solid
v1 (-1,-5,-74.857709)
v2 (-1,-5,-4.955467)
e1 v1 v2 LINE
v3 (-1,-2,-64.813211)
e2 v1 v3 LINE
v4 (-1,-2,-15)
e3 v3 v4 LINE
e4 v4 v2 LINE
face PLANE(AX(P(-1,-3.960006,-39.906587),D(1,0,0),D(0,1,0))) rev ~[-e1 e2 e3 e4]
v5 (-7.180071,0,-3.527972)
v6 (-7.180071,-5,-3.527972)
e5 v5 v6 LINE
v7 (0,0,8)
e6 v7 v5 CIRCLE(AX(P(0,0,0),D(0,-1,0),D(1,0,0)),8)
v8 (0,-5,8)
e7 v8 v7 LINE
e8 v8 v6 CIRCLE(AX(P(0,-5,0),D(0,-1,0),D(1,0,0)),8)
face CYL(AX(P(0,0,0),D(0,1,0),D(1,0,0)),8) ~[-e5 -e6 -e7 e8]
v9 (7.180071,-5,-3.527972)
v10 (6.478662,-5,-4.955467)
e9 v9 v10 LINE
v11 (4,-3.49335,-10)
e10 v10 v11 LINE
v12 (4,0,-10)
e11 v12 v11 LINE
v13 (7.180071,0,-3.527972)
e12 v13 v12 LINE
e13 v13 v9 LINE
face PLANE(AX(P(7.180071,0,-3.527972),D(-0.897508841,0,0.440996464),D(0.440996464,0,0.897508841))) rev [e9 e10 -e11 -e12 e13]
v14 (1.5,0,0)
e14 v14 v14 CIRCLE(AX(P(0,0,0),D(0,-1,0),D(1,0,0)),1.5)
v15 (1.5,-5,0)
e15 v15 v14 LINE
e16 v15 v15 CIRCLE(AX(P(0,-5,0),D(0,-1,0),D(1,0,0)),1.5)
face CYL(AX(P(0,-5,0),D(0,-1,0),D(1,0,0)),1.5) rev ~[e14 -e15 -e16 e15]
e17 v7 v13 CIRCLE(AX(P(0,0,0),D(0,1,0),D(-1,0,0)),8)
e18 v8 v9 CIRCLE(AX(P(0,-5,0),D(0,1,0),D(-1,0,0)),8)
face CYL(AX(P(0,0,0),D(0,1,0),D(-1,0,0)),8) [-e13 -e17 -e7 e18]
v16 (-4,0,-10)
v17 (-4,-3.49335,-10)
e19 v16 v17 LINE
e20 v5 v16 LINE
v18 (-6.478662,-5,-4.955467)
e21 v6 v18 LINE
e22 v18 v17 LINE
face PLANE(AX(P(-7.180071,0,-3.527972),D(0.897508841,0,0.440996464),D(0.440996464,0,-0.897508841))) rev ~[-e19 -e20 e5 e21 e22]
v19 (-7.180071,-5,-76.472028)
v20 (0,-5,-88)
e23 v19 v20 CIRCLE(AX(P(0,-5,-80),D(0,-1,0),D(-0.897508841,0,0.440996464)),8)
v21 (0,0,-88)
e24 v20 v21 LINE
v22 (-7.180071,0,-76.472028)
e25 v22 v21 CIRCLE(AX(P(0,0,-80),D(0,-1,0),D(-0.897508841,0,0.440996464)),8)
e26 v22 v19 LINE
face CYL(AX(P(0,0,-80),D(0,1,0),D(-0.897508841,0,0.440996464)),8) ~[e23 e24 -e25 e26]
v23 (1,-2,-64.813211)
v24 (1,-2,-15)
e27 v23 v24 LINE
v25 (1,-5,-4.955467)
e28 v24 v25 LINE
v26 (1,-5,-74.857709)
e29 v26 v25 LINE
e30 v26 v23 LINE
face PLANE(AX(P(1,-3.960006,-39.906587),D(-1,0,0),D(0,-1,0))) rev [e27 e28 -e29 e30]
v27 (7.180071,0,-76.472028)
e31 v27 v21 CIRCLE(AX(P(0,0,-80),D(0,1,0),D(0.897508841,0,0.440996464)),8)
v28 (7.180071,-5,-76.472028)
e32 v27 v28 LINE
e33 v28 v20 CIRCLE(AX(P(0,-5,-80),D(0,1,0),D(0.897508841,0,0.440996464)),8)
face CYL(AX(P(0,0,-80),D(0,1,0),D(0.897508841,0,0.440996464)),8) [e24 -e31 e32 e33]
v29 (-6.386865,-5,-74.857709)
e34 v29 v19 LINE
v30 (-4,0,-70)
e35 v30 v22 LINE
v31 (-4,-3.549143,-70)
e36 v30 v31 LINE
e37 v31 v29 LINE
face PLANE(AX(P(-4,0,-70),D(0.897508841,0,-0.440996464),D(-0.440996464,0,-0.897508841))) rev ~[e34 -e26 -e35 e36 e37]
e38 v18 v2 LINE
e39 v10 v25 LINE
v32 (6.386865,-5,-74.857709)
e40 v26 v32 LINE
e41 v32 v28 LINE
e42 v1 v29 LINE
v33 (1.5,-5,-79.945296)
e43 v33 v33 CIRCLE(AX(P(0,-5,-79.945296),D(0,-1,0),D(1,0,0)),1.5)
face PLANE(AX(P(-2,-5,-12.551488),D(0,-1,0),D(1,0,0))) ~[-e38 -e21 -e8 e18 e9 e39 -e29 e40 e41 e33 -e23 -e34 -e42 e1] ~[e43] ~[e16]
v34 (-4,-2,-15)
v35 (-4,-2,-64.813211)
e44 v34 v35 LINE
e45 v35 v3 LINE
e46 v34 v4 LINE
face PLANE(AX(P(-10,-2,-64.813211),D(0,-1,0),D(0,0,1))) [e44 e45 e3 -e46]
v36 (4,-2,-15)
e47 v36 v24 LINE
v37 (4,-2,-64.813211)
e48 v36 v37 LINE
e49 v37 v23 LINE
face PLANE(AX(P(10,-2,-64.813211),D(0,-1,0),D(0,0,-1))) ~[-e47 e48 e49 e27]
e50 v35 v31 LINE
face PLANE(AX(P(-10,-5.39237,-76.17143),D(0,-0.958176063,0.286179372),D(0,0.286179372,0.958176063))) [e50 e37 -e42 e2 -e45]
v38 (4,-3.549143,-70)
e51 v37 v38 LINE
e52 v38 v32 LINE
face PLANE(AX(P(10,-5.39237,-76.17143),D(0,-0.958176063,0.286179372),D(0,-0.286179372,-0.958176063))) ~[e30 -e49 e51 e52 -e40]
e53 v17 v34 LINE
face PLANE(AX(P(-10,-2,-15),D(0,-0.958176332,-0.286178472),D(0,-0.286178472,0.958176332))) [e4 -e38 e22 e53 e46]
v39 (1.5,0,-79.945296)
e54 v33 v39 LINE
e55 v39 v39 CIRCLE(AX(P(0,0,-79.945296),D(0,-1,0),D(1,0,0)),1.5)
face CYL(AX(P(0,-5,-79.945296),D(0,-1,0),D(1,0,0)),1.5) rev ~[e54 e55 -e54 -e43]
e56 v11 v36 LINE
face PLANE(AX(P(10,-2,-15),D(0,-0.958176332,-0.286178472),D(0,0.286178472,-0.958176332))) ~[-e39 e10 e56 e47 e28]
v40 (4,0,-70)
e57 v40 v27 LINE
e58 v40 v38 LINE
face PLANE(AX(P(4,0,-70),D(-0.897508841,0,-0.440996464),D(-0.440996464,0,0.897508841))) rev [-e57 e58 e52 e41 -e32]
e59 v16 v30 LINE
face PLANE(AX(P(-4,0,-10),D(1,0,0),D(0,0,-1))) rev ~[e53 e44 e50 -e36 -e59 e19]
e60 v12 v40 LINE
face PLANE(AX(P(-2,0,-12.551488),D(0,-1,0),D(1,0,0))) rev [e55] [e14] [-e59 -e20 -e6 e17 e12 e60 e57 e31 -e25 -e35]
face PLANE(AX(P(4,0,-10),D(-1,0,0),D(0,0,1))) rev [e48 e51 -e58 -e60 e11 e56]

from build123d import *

# Parameters (mm, degrees)
F0_W      = 4
F0_H      = 5.1029750705
F1_DEPTH  = 5
F4_DEPTH  = 9
F6_W      = 44.082082808
F6_H      = 137.8899626434
F7_DEPTH  = 25
F9_R      = 1.5
F10_DEPTH = 25


with BuildPart() as f1:
    # F0 (on Front) → F1 (new body)
    with BuildSketch(Plane.XZ):
        with Locations((2, -12.5514875352)):
            Rectangle(F0_W, F0_H)
        with BuildLine():
            Line((-4, -10), (0, -10))
            Line((0, -10), (0, -8))
            ThreePointArc((0, -8), (-2.0705523608, -7.7274066103), (-4, -6.9282032303))
            Line((-4, -6.9282032303), (-4, -10))
        make_face()
        with Locations((-2, -12.5514875352)):
            Rectangle(F0_W, F0_H)
        with BuildLine():
            Line((0, -8), (0, -10))
            Line((0, -10), (4, -10))
            Line((4, -10), (4, -6.9282032303))
            ThreePointArc((4, -6.9282032303), (2.0705523608, -7.7274066103), (0, -8))
        make_face()
        with BuildLine():
            Line((4, -15.1029750705), (0, -15.1029750705))
            Line((0, -15.1029750705), (0, -65))
            Line((0, -65), (0, -70))
            Line((0, -70), (0, -72))
            ThreePointArc((0, -72), (2.0705523608, -72.2725933897), (4, -73.0717967697))
            Line((4, -73.0717967697), (4, -70))
            Line((4, -70), (4, -15.1029750705))
        make_face()
        with BuildLine():
            Line((0, -65), (0, -15.1029750705))
            Line((0, -15.1029750705), (-4, -15.1029750705))
            Line((-4, -15.1029750705), (-4, -70))
            Line((-4, -70), (-4, -73.0717967697))
            ThreePointArc((-4, -73.0717967697), (-2.0705523608, -72.2725933897), (0, -72))
            Line((0, -72), (0, -70))
            Line((0, -70), (0, -65))
        make_face()
        with BuildLine():
            ThreePointArc((-4, -6.9282032303), (-2.0705523608, -7.7274066103), (0, -8))
            ThreePointArc((0, -8), (2.0705523608, -7.7274066103), (4, -6.9282032303))
            ThreePointArc((4, -6.9282032303), (5.8428493863, -5.4645320979), (7.1800707248, -3.5279717101))
            ThreePointArc((7.1800707248, -3.5279717101), (7.792322048, -1.8109989235), (8, 0))
            ThreePointArc((8, 0), (-1.8109989235, 7.792322048), (-7.1800707248, -3.5279717101))
            ThreePointArc((-7.1800707248, -3.5279717101), (-5.8428493863, -5.4645320979), (-4, -6.9282032303))
        make_face()
        with BuildLine():
            Line((-7.1800707248, -3.5279717101), (-4, -10))
            Line((-4, -10), (-4, -6.9282032303))
            ThreePointArc((-4, -6.9282032303), (-5.8428493863, -5.4645320979), (-7.1800707248, -3.5279717101))
        make_face()
        with BuildLine():
            Line((4, -6.9282032303), (4, -10))
            Line((4, -10), (7.1800707248, -3.5279717101))
            ThreePointArc((7.1800707248, -3.5279717101), (5.8428493863, -5.4645320979), (4, -6.9282032303))
        make_face()
        with BuildLine():
            Line((-4, -73.0717967697), (-4, -70))
            Line((-4, -70), (-7.1800707248, -76.4720282899))
            ThreePointArc((-7.1800707248, -76.4720282899), (-5.8428493863, -74.5354679021), (-4, -73.0717967697))
        make_face()
        with BuildLine():
            Line((7.1800707248, -76.4720282899), (4, -70))
            Line((4, -70), (4, -73.0717967697))
            ThreePointArc((4, -73.0717967697), (5.8428493863, -74.5354679021), (7.1800707248, -76.4720282899))
        make_face()
        with BuildLine():
            ThreePointArc((4, -73.0717967697), (2.0705523608, -72.2725933897), (0, -72))
            ThreePointArc((0, -72), (-2.0705523608, -72.2725933897), (-4, -73.0717967697))
            ThreePointArc((-4, -73.0717967697), (-5.8428493863, -74.5354679021), (-7.1800707248, -76.4720282899))
            ThreePointArc((-7.1800707248, -76.4720282899), (-1.8109989235, -87.792322048), (8, -80))
            ThreePointArc((8, -80), (7.792322048, -78.1890010765), (7.1800707248, -76.4720282899))
            ThreePointArc((7.1800707248, -76.4720282899), (5.8428493863, -74.5354679021), (4, -73.0717967697))
        make_face()
    extrude(amount=F1_DEPTH)

    # F3 (on offset) → F4 (cut)
    with BuildSketch(Plane.YZ.offset(-10)):
        Polygon((-2, -64.81321129), (-2, -15), (-5.3923702799, -3.64174202), (-5.3923702799, -76.1714303355), align=None)
    extrude(amount=F4_DEPTH, mode=Mode.SUBTRACT)

    # F6 (on Front) → F7 (cut, symmetric)
    with BuildSketch(Plane.XZ):
        with Locations((22.041041404, -24.6477220207)):
            Rectangle(F6_W, F6_H)
    extrude(amount=F7_DEPTH, both=True, mode=Mode.SUBTRACT)

    # F8: F1 across plane


with BuildPart() as f1_1:
    add(f1.part)
    add(f1.part.mirror(Plane.YZ))

    # F9 (on face) → F10 (cut)
    with BuildSketch(Plane.XZ.offset(5)):
        Circle(F9_R)
        with Locations((0, -79.9452960491)):
            Circle(F9_R)
    extrude(amount=-F10_DEPTH, mode=Mode.SUBTRACT)


solid = f1_1.part
